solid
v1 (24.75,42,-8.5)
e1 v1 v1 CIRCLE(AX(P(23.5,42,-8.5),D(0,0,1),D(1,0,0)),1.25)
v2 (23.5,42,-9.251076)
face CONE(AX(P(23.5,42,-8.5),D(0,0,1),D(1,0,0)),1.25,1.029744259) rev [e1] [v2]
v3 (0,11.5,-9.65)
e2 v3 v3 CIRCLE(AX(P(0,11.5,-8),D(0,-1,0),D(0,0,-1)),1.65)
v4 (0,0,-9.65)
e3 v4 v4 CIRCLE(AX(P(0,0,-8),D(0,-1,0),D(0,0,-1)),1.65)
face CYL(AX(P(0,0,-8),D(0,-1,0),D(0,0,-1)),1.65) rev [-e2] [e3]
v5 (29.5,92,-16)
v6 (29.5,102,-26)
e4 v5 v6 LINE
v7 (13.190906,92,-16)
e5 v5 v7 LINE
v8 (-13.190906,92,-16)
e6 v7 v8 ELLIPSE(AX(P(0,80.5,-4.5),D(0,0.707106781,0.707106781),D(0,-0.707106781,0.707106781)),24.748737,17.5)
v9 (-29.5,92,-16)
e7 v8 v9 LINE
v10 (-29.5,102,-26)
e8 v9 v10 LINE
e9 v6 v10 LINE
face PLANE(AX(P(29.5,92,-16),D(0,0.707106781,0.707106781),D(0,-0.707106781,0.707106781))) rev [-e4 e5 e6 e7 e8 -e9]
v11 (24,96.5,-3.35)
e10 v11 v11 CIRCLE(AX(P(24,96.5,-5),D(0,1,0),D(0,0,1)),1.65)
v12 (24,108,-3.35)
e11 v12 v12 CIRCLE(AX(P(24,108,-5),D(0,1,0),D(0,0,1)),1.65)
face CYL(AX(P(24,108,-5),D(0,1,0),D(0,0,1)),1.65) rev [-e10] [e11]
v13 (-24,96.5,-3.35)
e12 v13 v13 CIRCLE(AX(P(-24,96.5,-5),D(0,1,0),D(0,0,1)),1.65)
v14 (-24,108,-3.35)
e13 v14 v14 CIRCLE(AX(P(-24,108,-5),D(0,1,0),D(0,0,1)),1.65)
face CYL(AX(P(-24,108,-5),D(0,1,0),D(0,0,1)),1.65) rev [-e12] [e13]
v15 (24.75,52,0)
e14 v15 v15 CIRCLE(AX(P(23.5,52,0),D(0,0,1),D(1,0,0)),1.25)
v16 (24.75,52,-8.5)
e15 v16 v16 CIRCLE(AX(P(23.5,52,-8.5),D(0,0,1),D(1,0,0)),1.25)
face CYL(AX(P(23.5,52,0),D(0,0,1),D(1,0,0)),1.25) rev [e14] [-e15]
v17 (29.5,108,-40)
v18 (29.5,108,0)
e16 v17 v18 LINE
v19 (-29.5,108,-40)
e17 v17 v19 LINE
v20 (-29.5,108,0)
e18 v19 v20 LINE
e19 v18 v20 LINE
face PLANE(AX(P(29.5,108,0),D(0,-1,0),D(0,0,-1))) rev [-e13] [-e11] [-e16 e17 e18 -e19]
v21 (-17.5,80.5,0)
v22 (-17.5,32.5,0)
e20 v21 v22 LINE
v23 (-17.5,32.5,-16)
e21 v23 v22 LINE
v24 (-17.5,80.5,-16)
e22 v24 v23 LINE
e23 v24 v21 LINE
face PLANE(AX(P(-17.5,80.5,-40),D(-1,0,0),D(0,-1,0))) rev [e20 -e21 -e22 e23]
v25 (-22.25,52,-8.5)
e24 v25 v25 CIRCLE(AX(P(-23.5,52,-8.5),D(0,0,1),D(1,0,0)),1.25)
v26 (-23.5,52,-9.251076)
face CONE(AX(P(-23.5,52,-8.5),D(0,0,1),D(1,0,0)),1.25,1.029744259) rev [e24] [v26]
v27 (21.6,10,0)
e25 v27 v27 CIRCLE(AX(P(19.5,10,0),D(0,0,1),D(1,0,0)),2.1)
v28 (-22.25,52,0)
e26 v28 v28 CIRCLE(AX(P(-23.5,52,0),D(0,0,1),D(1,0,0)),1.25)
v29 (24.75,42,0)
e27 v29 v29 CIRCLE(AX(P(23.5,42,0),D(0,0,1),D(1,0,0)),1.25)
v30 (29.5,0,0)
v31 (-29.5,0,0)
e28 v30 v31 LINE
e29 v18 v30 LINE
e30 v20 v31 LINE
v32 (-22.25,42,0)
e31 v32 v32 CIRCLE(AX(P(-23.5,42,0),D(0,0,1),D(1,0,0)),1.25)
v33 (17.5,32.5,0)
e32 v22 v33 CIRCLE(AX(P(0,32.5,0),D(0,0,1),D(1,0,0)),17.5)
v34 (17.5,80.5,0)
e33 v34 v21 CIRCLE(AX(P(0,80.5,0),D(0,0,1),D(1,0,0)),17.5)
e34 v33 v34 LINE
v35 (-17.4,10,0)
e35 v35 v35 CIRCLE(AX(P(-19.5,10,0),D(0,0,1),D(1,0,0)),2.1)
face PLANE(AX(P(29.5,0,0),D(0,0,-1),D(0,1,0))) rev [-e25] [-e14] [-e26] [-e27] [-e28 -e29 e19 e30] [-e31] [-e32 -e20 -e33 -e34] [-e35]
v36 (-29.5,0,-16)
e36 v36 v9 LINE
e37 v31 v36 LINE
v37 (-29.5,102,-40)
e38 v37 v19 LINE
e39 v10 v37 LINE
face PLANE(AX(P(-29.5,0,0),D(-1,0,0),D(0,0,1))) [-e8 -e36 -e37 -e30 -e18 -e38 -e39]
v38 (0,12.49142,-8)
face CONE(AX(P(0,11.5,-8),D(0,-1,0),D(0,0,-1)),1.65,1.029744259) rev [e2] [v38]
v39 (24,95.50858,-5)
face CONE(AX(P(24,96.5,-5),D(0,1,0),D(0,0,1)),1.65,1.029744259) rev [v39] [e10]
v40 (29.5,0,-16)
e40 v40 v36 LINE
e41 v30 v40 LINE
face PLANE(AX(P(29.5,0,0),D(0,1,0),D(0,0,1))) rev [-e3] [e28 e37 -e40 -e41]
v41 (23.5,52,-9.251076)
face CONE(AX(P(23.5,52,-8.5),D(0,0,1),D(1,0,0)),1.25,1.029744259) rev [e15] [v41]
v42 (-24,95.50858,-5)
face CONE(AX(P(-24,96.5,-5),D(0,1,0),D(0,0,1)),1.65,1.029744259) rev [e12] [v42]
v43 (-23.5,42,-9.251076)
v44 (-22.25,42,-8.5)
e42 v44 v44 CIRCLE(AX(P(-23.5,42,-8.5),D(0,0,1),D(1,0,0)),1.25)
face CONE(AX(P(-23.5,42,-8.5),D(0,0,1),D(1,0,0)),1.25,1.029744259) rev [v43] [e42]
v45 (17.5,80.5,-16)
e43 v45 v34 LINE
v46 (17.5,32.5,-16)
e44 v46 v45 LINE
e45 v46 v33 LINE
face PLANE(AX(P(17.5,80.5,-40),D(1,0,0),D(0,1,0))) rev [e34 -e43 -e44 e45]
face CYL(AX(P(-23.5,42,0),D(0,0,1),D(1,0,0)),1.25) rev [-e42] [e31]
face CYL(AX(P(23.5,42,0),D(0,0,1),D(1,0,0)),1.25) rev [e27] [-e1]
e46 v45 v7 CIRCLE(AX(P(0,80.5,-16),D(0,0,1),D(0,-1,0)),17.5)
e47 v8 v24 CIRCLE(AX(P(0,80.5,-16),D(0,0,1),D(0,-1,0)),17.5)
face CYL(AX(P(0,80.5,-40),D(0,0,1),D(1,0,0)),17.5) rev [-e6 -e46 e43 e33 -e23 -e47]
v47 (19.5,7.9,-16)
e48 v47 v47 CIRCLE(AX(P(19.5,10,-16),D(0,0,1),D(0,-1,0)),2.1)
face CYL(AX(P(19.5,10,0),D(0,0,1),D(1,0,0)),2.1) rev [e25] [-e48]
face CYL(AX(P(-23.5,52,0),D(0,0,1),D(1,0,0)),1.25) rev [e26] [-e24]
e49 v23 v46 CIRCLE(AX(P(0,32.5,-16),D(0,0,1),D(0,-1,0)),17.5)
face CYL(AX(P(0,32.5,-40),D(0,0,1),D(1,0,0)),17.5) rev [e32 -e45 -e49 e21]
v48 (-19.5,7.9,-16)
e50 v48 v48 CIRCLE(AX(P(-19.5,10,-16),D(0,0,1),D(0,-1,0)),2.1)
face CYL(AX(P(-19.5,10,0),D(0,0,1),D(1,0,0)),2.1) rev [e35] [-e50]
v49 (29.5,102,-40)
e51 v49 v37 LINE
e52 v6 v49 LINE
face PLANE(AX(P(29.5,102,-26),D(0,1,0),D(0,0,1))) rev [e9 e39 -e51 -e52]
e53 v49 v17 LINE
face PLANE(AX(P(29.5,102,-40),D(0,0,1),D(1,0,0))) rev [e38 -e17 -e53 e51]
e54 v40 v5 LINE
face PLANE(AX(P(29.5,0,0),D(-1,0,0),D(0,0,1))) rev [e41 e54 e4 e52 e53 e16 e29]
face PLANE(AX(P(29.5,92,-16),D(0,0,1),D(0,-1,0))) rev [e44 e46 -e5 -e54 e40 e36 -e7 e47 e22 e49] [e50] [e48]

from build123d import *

# Parameters (mm, degrees)
EXTRUDE_2_DEPTH        = 29.5
HOLE_WIZARD_M4_2_D     = 3.3
HOLE_WIZARD_M4_2_DEPTH = 11.5
HOLE_WIZARD_M4_2_TIP   = 0.991420021
CUT_EXTRUDE_1_DEPTH    = 119.887551914
HOLE_WIZARD_M5_1_D     = 4.2
HOLE_WIZARD_M3_1_D     = 2.5
HOLE_WIZARD_M3_1_DEPTH = 8.5
HOLE_WIZARD_M3_1_TIP   = 0.751075774
HOLE_WIZARD_M4_3_D     = 3.3
HOLE_WIZARD_M4_3_DEPTH = 11.5
HOLE_WIZARD_M4_3_TIP   = 0.991420021


with BuildPart() as part:
    # 草图5 → 凸台-拉伸2 (new, symmetric)
    with BuildSketch(Plane(origin=(0, 0, 0), x_dir=(0, 0, -1), z_dir=(1, 0, 0))):
        Polygon((26, 102), (40, 102), (40, 108), (0, 108), (0, 0), (16, 0), (16, 92), align=None)
    extrude(amount=EXTRUDE_2_DEPTH, both=True)

    # M4 螺纹孔2
    with Locations(Plane(origin=(0, 108, 0), x_dir=(1, 0, 0), z_dir=(0, 1, 0))):
        with Locations((24, 5), (-24, 5)):
            Hole(HOLE_WIZARD_M4_2_D / 2, depth=HOLE_WIZARD_M4_2_DEPTH)
            with Locations((0, 0, -(HOLE_WIZARD_M4_2_DEPTH + HOLE_WIZARD_M4_2_TIP / 2))):  # 118° drill point
                Cone(0, HOLE_WIZARD_M4_2_D / 2, HOLE_WIZARD_M4_2_TIP, mode=Mode.SUBTRACT)

    # 草图8 → 切除-拉伸1 (cut, through all)
    with BuildSketch(Plane.XY):
        with BuildLine():
            Line((17.5, 80.5), (17.5, 32.5))
            ThreePointArc((17.5, 32.5), (0, 15), (-17.5, 32.5))
            Line((-17.5, 32.5), (-17.5, 80.5))
            ThreePointArc((-17.5, 80.5), (0, 98), (17.5, 80.5))
        make_face()
    extrude(amount=-CUT_EXTRUDE_1_DEPTH, mode=Mode.SUBTRACT)

    # M5 螺纹孔1 (through all)
    with Locations(Plane.XY):
        with Locations((-19.5, 10), (19.5, 10)):
            Hole(HOLE_WIZARD_M5_1_D / 2)

    # M3 螺纹孔1
    with Locations(Plane.XY):
        with Locations((23.5, 42), (-23.5, 52), (-23.5, 42), (23.5, 52)):
            Hole(HOLE_WIZARD_M3_1_D / 2, depth=HOLE_WIZARD_M3_1_DEPTH)
            with Locations((0, 0, -(HOLE_WIZARD_M3_1_DEPTH + HOLE_WIZARD_M3_1_TIP / 2))):  # 118° drill point
                Cone(0, HOLE_WIZARD_M3_1_D / 2, HOLE_WIZARD_M3_1_TIP, mode=Mode.SUBTRACT)

    # M4 螺纹孔3
    with Locations(Plane(origin=(0, 0, 0), x_dir=(-1, 0, 0), z_dir=(0, -1, 0))):
        with Locations((0, 8)):
            Hole(HOLE_WIZARD_M4_3_D / 2, depth=HOLE_WIZARD_M4_3_DEPTH)
            with Locations((0, 0, -(HOLE_WIZARD_M4_3_DEPTH + HOLE_WIZARD_M4_3_TIP / 2))):  # 118° drill point
                Cone(0, HOLE_WIZARD_M4_3_D / 2, HOLE_WIZARD_M4_3_TIP, mode=Mode.SUBTRACT)


solid = part.part
